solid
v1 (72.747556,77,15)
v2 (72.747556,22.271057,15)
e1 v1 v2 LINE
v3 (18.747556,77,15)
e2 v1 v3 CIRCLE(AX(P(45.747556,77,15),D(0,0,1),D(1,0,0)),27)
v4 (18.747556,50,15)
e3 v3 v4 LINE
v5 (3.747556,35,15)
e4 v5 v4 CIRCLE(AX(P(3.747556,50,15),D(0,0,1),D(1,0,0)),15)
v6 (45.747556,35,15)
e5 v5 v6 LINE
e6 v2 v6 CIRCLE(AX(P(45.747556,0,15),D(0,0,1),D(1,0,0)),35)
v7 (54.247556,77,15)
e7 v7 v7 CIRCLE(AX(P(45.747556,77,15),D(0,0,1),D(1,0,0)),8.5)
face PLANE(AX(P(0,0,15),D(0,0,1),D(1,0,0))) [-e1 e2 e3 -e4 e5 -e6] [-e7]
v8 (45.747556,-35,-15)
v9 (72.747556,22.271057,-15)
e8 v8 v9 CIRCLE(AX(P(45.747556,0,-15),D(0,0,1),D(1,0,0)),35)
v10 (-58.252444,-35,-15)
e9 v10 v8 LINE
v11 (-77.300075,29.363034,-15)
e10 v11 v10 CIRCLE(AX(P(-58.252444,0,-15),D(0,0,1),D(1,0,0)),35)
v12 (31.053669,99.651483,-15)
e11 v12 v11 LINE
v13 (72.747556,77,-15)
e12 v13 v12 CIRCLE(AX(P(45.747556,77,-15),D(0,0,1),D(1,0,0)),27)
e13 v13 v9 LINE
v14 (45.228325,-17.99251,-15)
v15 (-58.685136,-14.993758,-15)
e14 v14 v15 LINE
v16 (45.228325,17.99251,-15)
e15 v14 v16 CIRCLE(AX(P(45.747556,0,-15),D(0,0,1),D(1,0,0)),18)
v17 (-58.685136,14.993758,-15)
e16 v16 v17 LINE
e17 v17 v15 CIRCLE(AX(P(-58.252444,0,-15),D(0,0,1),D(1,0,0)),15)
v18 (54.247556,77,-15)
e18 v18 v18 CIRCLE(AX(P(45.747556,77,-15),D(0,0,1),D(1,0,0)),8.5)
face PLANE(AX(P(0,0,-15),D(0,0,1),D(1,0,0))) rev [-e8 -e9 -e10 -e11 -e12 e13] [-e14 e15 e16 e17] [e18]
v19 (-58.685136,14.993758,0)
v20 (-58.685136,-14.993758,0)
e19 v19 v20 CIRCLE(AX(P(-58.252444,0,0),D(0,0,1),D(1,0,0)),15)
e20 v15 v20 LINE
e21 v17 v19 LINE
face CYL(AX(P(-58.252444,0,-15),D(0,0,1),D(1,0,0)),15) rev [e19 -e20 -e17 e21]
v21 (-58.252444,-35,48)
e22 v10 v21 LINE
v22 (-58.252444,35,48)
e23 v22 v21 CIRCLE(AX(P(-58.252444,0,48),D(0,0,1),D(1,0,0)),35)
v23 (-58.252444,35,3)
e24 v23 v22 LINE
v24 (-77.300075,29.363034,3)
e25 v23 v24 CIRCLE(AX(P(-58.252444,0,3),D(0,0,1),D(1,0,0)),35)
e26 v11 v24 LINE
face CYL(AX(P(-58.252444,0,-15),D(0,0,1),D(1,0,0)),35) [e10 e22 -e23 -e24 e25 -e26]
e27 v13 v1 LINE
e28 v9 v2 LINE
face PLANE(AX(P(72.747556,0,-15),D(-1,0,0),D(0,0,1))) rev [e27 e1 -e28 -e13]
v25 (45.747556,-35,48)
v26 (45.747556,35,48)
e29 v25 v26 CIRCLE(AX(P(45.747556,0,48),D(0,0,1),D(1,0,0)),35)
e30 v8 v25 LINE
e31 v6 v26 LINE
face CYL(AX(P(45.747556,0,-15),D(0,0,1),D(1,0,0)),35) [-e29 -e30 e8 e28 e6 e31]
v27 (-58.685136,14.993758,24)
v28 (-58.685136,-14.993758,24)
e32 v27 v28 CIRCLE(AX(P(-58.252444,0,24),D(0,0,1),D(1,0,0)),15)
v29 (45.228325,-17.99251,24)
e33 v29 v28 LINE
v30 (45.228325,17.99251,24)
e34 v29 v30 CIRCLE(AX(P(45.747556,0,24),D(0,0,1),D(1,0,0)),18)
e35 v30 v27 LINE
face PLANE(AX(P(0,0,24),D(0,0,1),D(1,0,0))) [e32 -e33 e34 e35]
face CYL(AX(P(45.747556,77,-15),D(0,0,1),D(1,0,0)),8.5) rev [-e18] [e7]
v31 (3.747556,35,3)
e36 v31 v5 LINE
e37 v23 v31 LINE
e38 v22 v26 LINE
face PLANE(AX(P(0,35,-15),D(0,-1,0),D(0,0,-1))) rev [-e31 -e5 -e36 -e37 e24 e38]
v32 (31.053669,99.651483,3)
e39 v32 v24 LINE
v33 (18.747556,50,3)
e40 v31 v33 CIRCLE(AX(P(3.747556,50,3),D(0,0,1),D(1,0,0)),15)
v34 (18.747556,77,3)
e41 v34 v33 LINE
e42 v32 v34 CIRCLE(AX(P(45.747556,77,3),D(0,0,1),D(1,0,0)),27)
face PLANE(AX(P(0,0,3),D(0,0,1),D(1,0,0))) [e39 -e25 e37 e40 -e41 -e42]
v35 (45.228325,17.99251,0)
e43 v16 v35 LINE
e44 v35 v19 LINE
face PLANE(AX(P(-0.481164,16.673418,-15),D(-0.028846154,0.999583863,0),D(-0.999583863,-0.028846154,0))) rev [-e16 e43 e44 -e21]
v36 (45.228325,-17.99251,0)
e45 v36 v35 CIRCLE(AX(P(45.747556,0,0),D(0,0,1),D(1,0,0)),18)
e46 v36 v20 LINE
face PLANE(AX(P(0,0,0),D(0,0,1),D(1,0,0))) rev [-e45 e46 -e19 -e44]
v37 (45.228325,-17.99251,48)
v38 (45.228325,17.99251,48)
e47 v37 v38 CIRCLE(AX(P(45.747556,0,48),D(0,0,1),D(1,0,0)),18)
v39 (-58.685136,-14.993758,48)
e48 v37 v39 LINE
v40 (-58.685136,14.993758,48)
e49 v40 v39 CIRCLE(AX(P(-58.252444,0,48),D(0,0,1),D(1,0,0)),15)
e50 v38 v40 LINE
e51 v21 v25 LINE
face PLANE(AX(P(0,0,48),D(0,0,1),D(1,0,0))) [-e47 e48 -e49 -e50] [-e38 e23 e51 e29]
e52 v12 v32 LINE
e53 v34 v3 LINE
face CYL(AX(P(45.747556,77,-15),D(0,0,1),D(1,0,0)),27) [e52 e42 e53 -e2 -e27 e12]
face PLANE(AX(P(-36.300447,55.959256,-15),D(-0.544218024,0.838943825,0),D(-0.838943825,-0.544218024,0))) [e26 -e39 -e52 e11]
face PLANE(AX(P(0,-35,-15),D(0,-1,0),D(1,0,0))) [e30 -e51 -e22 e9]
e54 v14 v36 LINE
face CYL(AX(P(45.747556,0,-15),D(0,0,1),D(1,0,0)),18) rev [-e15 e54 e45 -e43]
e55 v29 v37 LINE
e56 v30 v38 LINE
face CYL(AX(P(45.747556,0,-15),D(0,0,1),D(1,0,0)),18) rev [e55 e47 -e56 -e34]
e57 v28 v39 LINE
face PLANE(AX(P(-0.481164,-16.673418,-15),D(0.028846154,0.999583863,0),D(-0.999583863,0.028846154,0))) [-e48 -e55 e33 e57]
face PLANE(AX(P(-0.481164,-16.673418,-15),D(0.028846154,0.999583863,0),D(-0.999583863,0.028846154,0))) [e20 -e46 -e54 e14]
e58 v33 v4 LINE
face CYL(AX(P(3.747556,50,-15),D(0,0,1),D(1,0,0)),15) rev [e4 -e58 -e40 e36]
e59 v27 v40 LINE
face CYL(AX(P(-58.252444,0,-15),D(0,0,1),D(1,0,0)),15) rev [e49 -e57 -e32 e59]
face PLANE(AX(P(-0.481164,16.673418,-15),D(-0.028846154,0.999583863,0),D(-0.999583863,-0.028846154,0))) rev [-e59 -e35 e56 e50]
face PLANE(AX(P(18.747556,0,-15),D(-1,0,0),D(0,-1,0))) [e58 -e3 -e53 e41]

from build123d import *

# Parameters (mm, degrees)
BOSS_EXTRUDE3_DEPTH      = 48
BOSS_EXTRUDE3_DEPTH_BACK = 15
BOSS_EXTRUDE4_DEPTH      = 24
BOSS_EXTRUDE5_DEPTH      = 15
BOSS_EXTRUDE5_DEPTH_BACK = 15
SKETCH2_6_R              = 8.5
BOSS_EXTRUDE6_DEPTH      = 3
BOSS_EXTRUDE6_DEPTH_BACK = 15


with BuildPart() as part:
    # Sketch2 → Boss-Extrude3 (new, two sides: drawn at the far end of the back side and taken through both)
    with BuildSketch(Plane.XY.offset(-BOSS_EXTRUDE3_DEPTH_BACK)):
        with BuildLine():
            Line((3.747556009, 35), (-58.252443991, 35))
            ThreePointArc((-58.252443991, 35), (-68.184558925, 33.56118432), (-77.300074847, 29.363033883))
            ThreePointArc((-77.300074847, 29.363033883), (-91.813628311, -9.932114934), (-58.252443991, -35))
            Line((-58.252443991, -35), (45.747556009, -35))
            ThreePointArc((45.747556009, -35), (77.405785672, -14.925029132), (72.747556009, 22.271057451))
            ThreePointArc((72.747556009, 22.271057451), (60.672585141, 31.658229663), (45.747556009, 35))
            Line((45.747556009, 35), (3.747556009, 35))
        make_face()
        with BuildLine():
            Line((-58.685136299, 14.993757947), (45.22832524, 17.992509536))
            ThreePointArc((45.22832524, 17.992509536), (63.747556009, 0), (45.22832524, -17.992509536))
            Line((45.22832524, -17.992509536), (-58.685136299, -14.993757947))
            ThreePointArc((-58.685136299, -14.993757947), (-73.252443991, 0), (-58.685136299, 14.993757947))
        make_face(mode=Mode.SUBTRACT)
    extrude(amount=BOSS_EXTRUDE3_DEPTH + BOSS_EXTRUDE3_DEPTH_BACK)

    # Sketch2<5> → Boss-Extrude4 (add)
    with BuildSketch(Plane.XY):
        with BuildLine():
            ThreePointArc((45.22832524, -17.992509536), (63.747556009, 0), (45.22832524, 17.992509536))
            Line((45.22832524, 17.992509536), (-58.685136299, 14.993757947))
            ThreePointArc((-58.685136299, 14.993757947), (-73.252443991, 0), (-58.685136299, -14.993757947))
            Line((-58.685136299, -14.993757947), (45.22832524, -17.992509536))
        make_face()
    extrude(amount=BOSS_EXTRUDE4_DEPTH)

    # Sketch2<6> → Boss-Extrude5 (add, two sides: drawn at the far end of the back side and taken through both)
    with BuildSketch(Plane.XY.offset(-BOSS_EXTRUDE5_DEPTH_BACK)):
        with BuildLine():
            ThreePointArc((18.747556009, 50), (14.354157727, 39.393398282), (3.747556009, 35))
            Line((3.747556009, 35), (45.747556009, 35))
            ThreePointArc((45.747556009, 35), (60.672585141, 31.658229663), (72.747556009, 22.271057451))
            Line((72.747556009, 22.271057451), (72.747556009, 77))
            ThreePointArc((72.747556009, 77), (58.636796874, 100.724828132), (31.053669349, 99.651483281))
            ThreePointArc((31.053669349, 99.651483281), (22.022727876, 89.889240866), (18.747556009, 77))
            Line((18.747556009, 77), (18.747556009, 50))
        make_face()
        with Locations((45.747556009, 77)):
            Circle(SKETCH2_6_R, mode=Mode.SUBTRACT)
    extrude(amount=BOSS_EXTRUDE5_DEPTH + BOSS_EXTRUDE5_DEPTH_BACK)

    # Sketch2<7> → Boss-Extrude6 (add, two sides: drawn at the far end of the back side and taken through both)
    with BuildSketch(Plane.XY.offset(-BOSS_EXTRUDE6_DEPTH_BACK)):
        with BuildLine():
            ThreePointArc((-77.300074847, 29.363033883), (-68.184558925, 33.56118432), (-58.252443991, 35))
            Line((-58.252443991, 35), (3.747556009, 35))
            ThreePointArc((3.747556009, 35), (14.354157727, 39.393398282), (18.747556009, 50))
            Line((18.747556009, 50), (18.747556009, 77))
            ThreePointArc((18.747556009, 77), (22.022727876, 89.889240866), (31.053669349, 99.651483281))
            Line((31.053669349, 99.651483281), (-77.300074847, 29.363033883))
        make_face()
    extrude(amount=BOSS_EXTRUDE6_DEPTH + BOSS_EXTRUDE6_DEPTH_BACK)


solid = part.part
